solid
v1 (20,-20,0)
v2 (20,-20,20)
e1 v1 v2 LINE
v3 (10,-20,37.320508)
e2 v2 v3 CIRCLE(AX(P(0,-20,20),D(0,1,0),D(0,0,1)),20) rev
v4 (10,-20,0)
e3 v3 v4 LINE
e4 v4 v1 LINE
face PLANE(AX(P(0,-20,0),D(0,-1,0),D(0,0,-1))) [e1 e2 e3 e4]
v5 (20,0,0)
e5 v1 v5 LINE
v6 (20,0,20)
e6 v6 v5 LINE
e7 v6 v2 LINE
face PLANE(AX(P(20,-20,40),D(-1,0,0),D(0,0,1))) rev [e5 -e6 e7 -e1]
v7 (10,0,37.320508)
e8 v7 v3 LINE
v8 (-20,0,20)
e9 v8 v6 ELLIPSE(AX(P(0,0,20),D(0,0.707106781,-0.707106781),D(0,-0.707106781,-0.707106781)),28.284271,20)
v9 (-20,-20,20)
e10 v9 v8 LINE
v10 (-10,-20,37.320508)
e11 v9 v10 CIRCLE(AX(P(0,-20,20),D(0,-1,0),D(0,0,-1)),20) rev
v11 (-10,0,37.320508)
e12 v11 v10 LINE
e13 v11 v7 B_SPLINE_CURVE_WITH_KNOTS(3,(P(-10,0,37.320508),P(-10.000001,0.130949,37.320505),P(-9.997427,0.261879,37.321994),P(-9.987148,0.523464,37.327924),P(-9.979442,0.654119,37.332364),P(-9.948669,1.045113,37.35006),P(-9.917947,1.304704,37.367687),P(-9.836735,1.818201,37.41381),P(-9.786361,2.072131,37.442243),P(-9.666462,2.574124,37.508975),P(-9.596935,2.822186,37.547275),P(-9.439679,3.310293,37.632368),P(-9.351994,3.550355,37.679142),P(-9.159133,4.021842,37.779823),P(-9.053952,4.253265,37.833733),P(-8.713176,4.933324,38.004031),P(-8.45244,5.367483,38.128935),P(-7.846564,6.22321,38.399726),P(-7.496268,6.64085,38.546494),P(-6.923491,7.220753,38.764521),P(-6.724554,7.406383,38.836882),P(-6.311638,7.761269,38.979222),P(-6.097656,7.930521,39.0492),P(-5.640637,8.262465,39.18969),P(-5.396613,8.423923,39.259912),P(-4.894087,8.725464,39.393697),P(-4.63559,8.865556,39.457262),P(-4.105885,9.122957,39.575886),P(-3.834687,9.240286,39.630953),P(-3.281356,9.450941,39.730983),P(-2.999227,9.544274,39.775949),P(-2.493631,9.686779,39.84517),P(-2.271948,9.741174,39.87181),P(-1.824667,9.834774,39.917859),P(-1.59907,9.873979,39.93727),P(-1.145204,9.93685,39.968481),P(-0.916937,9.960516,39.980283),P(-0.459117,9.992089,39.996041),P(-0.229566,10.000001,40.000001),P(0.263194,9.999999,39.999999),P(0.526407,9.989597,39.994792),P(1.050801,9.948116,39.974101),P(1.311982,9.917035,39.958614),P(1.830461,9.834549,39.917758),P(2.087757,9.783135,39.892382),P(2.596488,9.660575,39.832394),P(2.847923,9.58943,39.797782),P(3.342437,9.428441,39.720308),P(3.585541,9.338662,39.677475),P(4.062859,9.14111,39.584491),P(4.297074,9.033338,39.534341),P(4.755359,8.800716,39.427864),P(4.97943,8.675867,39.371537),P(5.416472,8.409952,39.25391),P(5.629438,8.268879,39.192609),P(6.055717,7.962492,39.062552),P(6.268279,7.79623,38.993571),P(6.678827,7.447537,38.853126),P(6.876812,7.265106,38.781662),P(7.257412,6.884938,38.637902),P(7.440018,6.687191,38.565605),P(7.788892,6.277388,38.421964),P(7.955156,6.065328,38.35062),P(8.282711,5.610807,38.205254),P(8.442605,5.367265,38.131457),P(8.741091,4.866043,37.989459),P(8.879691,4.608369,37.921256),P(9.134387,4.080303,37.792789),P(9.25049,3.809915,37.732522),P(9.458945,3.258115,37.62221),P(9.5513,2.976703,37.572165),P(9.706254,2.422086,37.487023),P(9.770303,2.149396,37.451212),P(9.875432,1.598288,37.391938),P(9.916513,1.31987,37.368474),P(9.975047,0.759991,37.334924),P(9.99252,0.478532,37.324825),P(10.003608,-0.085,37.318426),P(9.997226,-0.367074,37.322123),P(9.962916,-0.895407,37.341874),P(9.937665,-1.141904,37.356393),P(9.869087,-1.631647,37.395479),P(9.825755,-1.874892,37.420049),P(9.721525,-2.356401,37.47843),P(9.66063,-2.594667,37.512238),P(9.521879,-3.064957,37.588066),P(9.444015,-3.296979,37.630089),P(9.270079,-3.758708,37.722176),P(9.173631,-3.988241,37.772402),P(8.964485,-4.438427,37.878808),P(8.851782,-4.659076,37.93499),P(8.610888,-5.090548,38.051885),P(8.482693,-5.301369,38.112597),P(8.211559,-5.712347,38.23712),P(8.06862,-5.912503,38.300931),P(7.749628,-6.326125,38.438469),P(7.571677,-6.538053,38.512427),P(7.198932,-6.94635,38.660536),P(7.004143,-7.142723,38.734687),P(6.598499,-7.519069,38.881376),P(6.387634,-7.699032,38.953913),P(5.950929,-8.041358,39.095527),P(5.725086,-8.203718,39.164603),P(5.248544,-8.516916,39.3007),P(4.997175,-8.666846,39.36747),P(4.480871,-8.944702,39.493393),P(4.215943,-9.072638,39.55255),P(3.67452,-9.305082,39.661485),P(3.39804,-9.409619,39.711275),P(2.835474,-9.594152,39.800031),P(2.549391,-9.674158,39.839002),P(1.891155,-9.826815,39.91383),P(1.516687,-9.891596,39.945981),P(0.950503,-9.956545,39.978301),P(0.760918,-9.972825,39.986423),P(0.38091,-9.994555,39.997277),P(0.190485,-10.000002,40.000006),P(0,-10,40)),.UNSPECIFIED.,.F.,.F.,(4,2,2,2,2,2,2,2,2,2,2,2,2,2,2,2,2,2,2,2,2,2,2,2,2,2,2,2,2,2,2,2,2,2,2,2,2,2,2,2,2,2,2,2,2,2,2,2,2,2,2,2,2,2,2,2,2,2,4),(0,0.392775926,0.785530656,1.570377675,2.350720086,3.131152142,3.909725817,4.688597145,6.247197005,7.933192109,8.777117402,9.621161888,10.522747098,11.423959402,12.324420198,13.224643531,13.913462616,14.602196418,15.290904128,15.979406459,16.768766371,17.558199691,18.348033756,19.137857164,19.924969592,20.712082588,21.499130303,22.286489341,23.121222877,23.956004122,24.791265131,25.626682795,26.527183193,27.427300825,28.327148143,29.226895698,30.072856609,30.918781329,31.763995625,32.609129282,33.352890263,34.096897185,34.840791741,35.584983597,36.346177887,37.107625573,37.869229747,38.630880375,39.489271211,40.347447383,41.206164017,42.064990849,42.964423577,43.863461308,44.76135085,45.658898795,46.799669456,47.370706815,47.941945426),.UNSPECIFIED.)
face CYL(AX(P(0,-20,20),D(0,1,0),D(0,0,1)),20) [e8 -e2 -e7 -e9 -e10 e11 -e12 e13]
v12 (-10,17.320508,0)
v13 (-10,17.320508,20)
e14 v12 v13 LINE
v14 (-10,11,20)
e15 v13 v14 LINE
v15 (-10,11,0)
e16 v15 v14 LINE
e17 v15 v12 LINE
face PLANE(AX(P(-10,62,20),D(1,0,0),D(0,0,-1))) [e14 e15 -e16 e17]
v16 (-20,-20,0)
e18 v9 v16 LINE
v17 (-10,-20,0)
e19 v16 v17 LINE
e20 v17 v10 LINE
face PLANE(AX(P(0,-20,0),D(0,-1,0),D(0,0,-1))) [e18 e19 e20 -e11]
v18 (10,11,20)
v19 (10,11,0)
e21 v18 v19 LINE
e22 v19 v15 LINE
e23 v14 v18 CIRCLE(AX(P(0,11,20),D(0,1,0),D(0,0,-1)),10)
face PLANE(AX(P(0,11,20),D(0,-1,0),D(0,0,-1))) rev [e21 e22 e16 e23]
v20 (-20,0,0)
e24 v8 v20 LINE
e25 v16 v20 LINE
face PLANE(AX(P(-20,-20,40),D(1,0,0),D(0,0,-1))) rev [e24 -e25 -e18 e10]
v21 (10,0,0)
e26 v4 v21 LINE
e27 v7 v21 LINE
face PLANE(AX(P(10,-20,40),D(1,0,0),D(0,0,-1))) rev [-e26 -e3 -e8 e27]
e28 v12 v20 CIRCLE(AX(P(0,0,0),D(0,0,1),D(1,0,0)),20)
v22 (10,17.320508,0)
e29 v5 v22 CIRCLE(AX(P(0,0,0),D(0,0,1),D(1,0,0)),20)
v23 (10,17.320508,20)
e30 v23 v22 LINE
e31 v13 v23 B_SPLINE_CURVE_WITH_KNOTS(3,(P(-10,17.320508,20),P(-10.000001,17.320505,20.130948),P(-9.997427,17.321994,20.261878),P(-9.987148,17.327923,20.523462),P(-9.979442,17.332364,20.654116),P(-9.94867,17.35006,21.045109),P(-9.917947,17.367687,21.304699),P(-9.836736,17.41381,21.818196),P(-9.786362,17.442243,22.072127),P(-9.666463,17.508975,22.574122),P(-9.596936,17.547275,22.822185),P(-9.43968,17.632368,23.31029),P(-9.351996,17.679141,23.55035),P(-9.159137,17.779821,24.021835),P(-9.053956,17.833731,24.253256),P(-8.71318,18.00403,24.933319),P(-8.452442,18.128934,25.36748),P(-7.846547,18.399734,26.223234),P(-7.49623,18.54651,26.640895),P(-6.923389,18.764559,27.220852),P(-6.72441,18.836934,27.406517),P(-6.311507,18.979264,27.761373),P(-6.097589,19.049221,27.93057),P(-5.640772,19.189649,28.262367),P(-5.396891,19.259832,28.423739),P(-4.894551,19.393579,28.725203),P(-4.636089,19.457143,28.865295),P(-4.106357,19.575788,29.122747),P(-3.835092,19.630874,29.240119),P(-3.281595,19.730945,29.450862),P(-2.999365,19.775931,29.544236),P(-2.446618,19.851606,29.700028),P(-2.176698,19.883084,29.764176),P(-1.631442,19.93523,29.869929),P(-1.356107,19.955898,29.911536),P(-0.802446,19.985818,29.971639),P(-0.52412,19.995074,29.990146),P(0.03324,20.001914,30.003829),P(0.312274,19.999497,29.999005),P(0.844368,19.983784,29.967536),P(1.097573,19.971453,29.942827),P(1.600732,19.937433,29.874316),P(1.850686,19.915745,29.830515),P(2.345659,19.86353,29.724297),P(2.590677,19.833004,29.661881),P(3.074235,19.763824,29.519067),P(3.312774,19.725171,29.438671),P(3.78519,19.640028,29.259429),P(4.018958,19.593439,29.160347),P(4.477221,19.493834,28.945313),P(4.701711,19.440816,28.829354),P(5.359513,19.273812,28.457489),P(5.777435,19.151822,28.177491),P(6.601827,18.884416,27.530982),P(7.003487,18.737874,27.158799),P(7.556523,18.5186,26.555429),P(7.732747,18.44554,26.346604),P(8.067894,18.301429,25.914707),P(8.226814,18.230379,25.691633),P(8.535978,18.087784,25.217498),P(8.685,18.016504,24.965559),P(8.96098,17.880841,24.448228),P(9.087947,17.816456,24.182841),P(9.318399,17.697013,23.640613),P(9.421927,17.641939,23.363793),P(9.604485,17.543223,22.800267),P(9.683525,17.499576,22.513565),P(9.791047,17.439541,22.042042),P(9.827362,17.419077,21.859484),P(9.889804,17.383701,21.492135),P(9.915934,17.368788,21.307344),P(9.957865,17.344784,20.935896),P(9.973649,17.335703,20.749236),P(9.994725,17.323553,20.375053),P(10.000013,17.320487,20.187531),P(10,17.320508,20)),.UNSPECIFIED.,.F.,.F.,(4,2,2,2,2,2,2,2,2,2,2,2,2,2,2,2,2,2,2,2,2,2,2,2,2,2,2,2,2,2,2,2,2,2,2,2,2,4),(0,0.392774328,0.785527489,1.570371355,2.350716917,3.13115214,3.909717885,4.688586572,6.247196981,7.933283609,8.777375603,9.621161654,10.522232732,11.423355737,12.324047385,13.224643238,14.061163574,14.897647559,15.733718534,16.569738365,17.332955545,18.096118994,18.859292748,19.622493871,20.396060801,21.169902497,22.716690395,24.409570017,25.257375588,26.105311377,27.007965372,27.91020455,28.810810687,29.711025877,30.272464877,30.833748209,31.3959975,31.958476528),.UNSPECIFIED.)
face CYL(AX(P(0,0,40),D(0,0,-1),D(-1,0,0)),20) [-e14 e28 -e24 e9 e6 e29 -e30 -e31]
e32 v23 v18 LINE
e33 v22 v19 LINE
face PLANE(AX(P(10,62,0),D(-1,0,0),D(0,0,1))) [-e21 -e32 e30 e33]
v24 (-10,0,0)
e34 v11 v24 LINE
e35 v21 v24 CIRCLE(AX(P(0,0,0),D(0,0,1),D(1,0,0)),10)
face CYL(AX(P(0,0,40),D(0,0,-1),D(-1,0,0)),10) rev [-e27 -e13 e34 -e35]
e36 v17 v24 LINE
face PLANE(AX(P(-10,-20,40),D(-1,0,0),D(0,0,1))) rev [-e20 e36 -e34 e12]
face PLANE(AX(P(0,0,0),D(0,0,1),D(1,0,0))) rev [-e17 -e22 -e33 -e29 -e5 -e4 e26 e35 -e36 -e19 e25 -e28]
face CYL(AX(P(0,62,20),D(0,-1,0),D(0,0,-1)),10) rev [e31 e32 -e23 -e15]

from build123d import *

# Parameters (mm, degrees)
BOSS_EXTRUDE2_DEPTH     = 40
SKETCH2_W               = 10
SKETCH2_H               = 40
BOSS_EXTRUDE3_DEPTH     = 20
CUT_EXTRUDE1_DEPTH      = 20
CUT_EXTRUDE1_DEPTH_BACK = 20
CUT_EXTRUDE4_DEPTH      = 51


with BuildPart() as part:
    # Sketch1 → Boss-Extrude2 (new body)
    with BuildSketch(Plane.XY):
        with BuildLine():
            ThreePointArc((20, 0), (0, 20), (-20, 0))
            Line((-20, 0), (-10, 0))
            ThreePointArc((-10, 0), (0, 10), (10, 0))
            Line((10, 0), (20, 0))
        make_face()
    extrude(amount=BOSS_EXTRUDE2_DEPTH)

    # Sketch2 → Boss-Extrude3 (add)
    with BuildSketch(Plane.XZ):
        with Locations((-15, 20)):
            Rectangle(SKETCH2_W, SKETCH2_H)
        with Locations((15, 20)):
            Rectangle(SKETCH2_W, SKETCH2_H)
    extrude(amount=BOSS_EXTRUDE3_DEPTH)

    # Sketch3 → Cut-Extrude1 (cut, two sides: drawn at the far end of the back side and taken through both)
    with BuildSketch(Plane(origin=(0, 0, 0), x_dir=(1, 0, 0), z_dir=(0, 1, 0)).offset(-CUT_EXTRUDE1_DEPTH_BACK)):
        with BuildLine():
            ThreePointArc((0, -40), (-14.142135624, -34.142135624), (-20, -20))
            Line((-20, -20), (-20, -40))
            Line((-20, -40), (0, -40))
        make_face()
        with BuildLine():
            ThreePointArc((20, -20), (14.142135624, -34.142135624), (0, -40))
            Line((0, -40), (20, -40))
            Line((20, -40), (20, -20))
        make_face()
    extrude(amount=CUT_EXTRUDE1_DEPTH + CUT_EXTRUDE1_DEPTH_BACK, mode=Mode.SUBTRACT)

    # Sketch6 → Cut-Extrude4 (cut)
    with BuildSketch(Plane(origin=(0, 11, 0), x_dir=(1, 0, 0), z_dir=(0, 1, 0))):
        with BuildLine():
            Line((-10, -20), (-10, 0))
            Line((-10, 0), (10, 0))
            Line((10, 0), (10, -20))
            ThreePointArc((10, -20), (0, -30), (-10, -20))
        make_face()
    extrude(amount=CUT_EXTRUDE4_DEPTH, mode=Mode.SUBTRACT)


solid = part.part
